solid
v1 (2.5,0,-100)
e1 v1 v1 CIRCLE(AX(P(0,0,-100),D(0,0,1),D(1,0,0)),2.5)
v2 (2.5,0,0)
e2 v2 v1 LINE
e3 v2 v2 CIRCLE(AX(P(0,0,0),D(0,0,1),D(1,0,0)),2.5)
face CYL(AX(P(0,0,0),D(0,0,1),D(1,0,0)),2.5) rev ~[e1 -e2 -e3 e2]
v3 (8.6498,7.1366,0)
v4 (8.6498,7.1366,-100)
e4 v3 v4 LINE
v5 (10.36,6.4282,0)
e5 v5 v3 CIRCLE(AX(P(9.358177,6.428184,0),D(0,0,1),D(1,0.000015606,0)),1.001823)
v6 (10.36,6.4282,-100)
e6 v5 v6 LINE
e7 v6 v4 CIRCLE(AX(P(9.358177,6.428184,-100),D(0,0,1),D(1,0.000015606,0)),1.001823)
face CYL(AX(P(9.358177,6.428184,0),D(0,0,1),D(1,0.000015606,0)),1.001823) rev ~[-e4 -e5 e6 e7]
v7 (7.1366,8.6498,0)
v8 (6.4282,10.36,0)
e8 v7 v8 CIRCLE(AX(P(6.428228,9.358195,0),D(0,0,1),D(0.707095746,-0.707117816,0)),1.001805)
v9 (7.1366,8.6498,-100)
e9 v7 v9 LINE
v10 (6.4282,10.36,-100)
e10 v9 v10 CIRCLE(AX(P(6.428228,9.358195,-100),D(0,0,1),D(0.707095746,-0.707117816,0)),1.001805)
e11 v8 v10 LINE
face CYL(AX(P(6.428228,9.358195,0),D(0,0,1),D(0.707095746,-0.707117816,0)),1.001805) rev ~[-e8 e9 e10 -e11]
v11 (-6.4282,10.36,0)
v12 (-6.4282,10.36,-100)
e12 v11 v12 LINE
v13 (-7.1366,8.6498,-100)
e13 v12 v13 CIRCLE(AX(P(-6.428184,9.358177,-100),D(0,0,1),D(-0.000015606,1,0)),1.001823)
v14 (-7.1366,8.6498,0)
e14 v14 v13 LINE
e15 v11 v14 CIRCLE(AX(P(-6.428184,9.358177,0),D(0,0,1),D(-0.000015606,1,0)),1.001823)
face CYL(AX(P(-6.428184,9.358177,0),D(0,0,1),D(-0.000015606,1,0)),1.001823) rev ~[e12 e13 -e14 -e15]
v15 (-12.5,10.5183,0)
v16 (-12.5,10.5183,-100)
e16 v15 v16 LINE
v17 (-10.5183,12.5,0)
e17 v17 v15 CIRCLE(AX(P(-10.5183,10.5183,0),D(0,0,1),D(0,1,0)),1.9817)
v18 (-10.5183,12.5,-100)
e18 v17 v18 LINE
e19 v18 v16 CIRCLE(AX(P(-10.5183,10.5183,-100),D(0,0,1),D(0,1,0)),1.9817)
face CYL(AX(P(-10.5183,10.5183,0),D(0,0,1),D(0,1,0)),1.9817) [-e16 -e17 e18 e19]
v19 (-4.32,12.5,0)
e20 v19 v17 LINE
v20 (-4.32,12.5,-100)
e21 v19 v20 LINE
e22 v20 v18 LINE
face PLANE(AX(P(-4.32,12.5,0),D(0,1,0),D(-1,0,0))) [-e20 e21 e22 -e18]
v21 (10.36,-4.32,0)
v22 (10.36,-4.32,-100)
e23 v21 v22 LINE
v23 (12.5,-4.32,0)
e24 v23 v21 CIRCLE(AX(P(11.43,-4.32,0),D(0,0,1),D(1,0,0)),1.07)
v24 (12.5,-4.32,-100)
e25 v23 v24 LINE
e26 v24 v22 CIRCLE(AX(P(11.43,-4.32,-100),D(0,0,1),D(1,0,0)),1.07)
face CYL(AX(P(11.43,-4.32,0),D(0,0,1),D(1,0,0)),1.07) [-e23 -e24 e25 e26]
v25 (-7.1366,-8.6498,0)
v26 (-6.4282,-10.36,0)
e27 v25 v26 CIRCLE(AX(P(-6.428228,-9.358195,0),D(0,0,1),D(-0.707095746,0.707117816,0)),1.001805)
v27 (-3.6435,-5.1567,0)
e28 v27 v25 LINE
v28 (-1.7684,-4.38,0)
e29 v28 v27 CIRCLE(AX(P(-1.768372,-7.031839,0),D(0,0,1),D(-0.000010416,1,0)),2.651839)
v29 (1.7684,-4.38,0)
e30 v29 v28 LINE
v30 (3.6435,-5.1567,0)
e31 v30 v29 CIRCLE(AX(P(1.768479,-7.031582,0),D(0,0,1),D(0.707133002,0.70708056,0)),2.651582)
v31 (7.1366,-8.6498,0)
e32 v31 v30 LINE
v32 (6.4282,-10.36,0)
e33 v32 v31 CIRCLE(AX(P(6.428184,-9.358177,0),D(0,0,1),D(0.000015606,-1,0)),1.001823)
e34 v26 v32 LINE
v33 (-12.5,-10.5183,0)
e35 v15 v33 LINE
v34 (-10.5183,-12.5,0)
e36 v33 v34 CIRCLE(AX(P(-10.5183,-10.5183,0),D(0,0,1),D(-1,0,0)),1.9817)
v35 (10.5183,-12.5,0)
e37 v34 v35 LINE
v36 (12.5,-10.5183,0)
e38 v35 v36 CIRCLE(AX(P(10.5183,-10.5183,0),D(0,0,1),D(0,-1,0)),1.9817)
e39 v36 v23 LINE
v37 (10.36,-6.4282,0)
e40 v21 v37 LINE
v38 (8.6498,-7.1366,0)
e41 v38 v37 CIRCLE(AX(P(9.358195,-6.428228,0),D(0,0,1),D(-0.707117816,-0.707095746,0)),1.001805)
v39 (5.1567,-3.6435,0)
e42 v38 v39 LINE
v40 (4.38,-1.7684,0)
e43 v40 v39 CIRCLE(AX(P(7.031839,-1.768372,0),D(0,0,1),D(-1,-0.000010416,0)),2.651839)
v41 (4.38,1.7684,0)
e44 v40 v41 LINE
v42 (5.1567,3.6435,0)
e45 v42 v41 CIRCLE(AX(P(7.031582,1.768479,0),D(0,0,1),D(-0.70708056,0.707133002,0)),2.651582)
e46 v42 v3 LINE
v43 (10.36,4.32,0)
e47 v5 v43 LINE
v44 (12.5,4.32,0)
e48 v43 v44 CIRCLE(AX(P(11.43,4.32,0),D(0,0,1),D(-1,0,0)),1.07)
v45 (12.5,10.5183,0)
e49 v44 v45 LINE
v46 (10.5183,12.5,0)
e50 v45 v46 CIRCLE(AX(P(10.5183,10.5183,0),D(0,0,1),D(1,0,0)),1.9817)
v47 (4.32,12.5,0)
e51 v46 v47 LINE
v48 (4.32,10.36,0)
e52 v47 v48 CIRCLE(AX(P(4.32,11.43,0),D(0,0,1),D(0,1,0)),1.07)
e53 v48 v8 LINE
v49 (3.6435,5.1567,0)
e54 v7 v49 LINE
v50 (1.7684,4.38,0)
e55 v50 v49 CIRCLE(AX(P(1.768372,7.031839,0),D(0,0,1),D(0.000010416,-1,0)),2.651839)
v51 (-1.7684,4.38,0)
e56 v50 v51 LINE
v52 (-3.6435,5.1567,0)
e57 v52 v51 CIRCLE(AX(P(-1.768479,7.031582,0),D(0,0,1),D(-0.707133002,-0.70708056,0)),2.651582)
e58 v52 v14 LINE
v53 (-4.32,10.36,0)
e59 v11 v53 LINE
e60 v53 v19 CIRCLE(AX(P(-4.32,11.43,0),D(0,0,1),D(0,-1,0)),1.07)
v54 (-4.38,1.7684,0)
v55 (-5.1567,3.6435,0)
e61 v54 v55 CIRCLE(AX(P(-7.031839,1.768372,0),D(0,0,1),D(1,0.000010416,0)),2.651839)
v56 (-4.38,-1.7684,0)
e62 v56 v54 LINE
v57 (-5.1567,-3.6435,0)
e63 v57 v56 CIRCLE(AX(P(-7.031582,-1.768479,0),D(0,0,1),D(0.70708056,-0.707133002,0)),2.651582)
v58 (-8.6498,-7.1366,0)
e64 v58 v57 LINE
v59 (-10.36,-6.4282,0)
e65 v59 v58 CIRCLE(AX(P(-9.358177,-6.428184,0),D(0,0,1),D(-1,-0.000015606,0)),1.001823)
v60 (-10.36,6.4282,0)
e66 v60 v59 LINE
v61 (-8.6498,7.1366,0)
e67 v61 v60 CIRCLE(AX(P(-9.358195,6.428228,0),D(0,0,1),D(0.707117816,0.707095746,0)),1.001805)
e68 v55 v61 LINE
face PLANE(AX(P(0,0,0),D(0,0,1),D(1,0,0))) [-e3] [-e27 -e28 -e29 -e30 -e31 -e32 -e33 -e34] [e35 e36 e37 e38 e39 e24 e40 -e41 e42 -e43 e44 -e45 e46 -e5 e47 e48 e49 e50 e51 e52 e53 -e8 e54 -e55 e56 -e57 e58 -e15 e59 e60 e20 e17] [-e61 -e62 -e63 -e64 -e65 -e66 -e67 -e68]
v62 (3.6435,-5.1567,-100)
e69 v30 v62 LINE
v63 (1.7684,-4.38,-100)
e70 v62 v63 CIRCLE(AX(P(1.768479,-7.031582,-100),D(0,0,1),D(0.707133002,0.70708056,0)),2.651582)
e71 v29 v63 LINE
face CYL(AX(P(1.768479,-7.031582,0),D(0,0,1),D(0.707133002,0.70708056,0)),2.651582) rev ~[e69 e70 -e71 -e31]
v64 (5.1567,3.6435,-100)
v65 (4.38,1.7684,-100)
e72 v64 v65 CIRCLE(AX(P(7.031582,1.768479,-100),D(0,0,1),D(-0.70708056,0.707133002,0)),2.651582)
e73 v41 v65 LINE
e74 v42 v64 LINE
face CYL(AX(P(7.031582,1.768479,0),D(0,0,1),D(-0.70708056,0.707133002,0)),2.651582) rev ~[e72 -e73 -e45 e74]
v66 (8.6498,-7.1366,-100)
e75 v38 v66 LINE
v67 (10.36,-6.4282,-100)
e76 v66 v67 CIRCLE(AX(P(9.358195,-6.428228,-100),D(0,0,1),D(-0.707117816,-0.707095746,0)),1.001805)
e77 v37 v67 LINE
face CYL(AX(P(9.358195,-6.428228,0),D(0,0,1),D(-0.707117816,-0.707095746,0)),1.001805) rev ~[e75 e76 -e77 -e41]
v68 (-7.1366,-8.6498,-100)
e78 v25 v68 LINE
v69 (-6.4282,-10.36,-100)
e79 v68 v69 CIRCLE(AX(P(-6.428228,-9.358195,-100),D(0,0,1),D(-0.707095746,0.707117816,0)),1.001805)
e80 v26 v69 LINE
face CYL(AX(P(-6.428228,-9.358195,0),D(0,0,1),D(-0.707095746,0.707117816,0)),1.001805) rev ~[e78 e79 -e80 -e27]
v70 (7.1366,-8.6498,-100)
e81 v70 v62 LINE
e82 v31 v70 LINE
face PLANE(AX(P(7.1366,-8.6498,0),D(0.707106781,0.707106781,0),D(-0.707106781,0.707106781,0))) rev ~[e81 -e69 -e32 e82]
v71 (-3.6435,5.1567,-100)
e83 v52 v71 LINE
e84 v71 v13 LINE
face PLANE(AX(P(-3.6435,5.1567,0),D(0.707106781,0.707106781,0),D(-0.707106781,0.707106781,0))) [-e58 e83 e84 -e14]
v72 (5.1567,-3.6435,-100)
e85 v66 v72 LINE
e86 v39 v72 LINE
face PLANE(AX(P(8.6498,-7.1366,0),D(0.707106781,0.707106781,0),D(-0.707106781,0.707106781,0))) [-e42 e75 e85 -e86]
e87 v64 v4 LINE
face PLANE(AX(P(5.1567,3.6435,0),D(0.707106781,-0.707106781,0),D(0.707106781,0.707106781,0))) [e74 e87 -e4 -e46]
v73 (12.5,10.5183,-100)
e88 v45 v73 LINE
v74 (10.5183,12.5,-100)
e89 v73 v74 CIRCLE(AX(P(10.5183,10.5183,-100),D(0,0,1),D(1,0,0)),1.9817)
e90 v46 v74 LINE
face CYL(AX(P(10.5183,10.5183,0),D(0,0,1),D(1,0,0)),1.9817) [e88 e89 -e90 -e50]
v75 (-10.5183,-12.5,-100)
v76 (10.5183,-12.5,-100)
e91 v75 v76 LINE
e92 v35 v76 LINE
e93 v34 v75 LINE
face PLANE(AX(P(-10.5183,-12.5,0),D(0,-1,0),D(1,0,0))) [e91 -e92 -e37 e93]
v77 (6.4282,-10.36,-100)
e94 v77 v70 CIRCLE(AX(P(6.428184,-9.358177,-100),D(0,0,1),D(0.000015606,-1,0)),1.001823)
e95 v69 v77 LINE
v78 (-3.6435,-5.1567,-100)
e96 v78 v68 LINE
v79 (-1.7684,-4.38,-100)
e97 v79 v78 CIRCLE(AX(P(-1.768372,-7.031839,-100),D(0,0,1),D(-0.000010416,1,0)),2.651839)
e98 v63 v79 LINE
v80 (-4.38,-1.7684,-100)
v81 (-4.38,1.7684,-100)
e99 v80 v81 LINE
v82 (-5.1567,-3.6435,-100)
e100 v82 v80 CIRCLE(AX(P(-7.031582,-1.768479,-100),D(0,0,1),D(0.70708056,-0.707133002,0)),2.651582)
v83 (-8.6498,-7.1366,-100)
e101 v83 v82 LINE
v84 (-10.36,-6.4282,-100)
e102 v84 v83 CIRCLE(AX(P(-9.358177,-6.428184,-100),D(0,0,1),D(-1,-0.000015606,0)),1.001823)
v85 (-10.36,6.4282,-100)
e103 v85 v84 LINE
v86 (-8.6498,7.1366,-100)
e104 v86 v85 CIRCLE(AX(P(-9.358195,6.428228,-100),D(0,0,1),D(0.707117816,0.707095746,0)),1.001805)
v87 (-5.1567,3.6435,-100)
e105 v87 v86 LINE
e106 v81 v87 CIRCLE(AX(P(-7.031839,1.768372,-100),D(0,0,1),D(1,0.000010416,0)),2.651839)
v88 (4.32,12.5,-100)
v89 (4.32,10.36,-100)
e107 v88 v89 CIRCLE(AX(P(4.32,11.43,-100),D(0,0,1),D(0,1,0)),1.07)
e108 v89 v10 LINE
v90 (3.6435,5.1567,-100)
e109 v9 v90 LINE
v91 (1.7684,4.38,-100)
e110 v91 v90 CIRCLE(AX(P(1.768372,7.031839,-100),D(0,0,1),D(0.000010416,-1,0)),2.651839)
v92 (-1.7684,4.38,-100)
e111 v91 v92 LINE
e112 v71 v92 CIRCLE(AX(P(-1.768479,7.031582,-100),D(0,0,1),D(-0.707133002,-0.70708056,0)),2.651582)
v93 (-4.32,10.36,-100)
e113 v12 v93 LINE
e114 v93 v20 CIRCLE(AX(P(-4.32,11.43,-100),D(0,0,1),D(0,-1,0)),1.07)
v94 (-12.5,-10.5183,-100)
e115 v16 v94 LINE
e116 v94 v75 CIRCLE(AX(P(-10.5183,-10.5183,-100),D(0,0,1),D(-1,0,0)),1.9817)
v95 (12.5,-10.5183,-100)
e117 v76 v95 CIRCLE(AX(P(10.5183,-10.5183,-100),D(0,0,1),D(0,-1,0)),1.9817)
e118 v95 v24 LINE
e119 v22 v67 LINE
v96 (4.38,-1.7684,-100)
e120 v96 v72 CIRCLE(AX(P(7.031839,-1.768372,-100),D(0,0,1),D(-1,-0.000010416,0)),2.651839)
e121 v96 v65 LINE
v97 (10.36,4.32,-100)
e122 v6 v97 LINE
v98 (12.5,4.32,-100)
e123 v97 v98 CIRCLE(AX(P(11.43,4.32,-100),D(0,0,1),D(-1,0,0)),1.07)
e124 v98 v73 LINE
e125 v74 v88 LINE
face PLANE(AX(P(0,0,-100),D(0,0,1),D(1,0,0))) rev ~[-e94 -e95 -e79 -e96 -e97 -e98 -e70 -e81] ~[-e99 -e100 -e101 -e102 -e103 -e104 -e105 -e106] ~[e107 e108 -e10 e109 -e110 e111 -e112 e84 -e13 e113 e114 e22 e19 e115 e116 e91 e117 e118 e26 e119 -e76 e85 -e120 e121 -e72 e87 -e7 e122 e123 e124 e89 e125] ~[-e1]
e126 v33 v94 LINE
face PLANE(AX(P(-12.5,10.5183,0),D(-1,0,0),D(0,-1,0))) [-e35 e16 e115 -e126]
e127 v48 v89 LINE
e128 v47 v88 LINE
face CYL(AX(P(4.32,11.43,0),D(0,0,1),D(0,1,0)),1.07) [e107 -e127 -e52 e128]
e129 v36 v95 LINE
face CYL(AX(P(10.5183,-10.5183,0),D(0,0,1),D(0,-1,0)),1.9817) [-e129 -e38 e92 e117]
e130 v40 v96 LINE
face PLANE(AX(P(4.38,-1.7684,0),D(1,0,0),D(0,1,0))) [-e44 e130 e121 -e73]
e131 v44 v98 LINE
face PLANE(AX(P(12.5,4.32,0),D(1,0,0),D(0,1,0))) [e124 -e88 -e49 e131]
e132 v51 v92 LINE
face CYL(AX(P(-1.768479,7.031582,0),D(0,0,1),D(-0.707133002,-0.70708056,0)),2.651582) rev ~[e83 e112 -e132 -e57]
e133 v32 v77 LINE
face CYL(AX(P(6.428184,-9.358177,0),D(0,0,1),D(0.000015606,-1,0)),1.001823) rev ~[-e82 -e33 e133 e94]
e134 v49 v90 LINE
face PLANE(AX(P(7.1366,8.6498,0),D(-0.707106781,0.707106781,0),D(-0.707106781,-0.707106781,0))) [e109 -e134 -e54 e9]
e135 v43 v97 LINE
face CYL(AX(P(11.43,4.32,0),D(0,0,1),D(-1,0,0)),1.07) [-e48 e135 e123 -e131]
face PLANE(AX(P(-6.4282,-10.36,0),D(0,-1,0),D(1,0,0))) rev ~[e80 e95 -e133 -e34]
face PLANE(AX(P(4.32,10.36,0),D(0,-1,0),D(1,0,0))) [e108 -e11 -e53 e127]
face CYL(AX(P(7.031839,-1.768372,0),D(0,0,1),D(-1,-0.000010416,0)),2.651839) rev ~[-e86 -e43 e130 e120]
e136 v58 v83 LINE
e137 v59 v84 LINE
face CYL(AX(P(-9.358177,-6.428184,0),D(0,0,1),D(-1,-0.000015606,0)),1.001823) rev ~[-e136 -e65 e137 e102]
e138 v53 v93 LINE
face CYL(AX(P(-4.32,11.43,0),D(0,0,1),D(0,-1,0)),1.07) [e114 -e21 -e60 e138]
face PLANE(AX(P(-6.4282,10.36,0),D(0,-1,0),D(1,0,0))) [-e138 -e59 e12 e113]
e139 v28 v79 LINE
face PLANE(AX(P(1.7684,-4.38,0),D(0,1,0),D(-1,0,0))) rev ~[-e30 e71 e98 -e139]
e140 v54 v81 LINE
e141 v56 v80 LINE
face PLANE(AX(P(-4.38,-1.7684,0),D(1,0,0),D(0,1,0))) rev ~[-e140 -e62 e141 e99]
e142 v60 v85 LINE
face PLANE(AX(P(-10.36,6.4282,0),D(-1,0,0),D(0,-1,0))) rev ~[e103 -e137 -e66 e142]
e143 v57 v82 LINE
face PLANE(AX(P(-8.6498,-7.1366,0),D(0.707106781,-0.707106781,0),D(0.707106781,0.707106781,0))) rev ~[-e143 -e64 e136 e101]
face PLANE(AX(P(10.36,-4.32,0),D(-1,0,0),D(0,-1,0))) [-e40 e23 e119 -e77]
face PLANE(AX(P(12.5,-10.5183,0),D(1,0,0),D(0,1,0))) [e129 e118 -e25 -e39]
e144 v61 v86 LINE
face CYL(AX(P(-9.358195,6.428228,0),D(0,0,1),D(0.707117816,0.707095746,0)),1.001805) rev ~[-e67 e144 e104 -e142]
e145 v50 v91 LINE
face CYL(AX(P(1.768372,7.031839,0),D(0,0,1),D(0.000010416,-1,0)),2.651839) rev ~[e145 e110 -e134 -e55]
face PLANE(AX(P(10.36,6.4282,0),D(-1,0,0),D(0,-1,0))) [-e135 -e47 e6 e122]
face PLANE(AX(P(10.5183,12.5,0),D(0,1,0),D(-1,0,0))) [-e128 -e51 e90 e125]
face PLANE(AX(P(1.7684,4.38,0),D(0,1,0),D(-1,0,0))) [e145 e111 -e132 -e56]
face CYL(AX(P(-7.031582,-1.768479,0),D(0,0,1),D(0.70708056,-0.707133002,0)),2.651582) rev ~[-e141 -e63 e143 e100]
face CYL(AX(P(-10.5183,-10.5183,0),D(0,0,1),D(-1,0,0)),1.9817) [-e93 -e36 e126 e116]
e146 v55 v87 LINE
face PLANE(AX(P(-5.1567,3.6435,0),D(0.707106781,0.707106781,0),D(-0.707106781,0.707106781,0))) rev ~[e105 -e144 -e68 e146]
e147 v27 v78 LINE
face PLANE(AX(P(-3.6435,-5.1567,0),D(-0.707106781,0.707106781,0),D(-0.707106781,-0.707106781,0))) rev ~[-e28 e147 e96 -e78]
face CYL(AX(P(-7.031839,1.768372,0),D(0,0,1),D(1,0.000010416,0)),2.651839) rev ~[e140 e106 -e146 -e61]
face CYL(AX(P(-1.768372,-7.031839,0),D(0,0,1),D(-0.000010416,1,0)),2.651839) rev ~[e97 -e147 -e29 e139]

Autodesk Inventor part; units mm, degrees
ref_plane "YZ Plane" through (0, 0, 0) normal (1, 0, 0) x (0, 1, 0)
ref_plane "XZ Plane" through (0, 0, 0) normal (0, 1, 0) x (-1, 0, 0)
ref_plane "XY Plane" through (0, 0, 0) normal (0, 0, 1) x (1, 0, 0)
sketch "Sketch1" plane through (0, 0, 0) normal (0, 0, 1) x (1, 0, 0)
  arc A0 (-10.36, -6.4282) -> (-8.6498, -7.1366) centre (-9.3582, -6.4282) ccw
  line L0 (-10.36, 6.4282) -> (-10.36, -6.4282)
  arc A1 (-8.6498, 7.1366) -> (-10.36, 6.4282) centre (-9.3582, 6.4282) ccw
  line L1 (-5.1567, 3.6435) -> (-8.6498, 7.1366)
  arc A2 (-4.38, 1.7684) -> (-5.1567, 3.6435) centre (-7.0317, 1.7684) ccw
  line L2 (-4.38, -1.7684) -> (-4.38, 1.7684)
  arc A3 (-5.1567, -3.6435) -> (-4.38, -1.7684) centre (-7.0317, -1.7684) ccw
  line L3 (-8.6498, -7.1366) -> (-5.1567, -3.6435)
  arc A4 (-1.7684, -4.38) -> (-3.6435, -5.1567) centre (-1.7684, -7.0317) ccw
  line L4 (1.7684, -4.38) -> (-1.7684, -4.38)
  arc A5 (3.6435, -5.1567) -> (1.7684, -4.38) centre (1.7684, -7.0317) ccw
  line L5 (7.1366, -8.6498) -> (3.6435, -5.1567)
  arc A6 (6.4282, -10.36) -> (7.1366, -8.6498) centre (6.4282, -9.3582) ccw
  line L6 (-6.4282, -10.36) -> (6.4282, -10.36)
  arc A7 (-7.1366, -8.6498) -> (-6.4282, -10.36) centre (-6.4282, -9.3582) ccw
  line L7 (-3.6435, -5.1567) -> (-7.1366, -8.6498)
  circle A8 centre (0, 0) radius 2.5
  arc A9 (-4.32, 10.36) -> (-4.32, 12.5) centre (-4.32, 11.43) ccw
  line L8 (-4.32, 12.5) -> (-10.5183, 12.5)
  arc A10 (-10.5183, 12.5) -> (-12.5, 10.5183) centre (-10.5183, 10.5183) ccw
  line L9 (-12.5, 10.5183) -> (-12.5, -10.5183)
  arc A11 (-12.5, -10.5183) -> (-10.5183, -12.5) centre (-10.5183, -10.5183) ccw
  line L10 (-10.5183, -12.5) -> (10.5183, -12.5)
  arc A12 (10.5183, -12.5) -> (12.5, -10.5183) centre (10.5183, -10.5183) ccw
  line L11 (12.5, -10.5183) -> (12.5, -4.32)
  arc A13 (12.5, -4.32) -> (10.36, -4.32) centre (11.43, -4.32) ccw
  line L12 (10.36, -4.32) -> (10.36, -6.4282)
  arc A14 (8.6498, -7.1366) -> (10.36, -6.4282) centre (9.3582, -6.4282) ccw
  line L13 (8.6498, -7.1366) -> (5.1567, -3.6435)
  arc A15 (4.38, -1.7684) -> (5.1567, -3.6435) centre (7.0317, -1.7684) ccw
  line L14 (4.38, -1.7684) -> (4.38, 1.7684)
  arc A16 (5.1567, 3.6435) -> (4.38, 1.7684) centre (7.0317, 1.7684) ccw
  line L15 (5.1567, 3.6435) -> (8.6498, 7.1366)
  arc A17 (10.36, 6.4282) -> (8.6498, 7.1366) centre (9.3582, 6.4282) ccw
  line L16 (10.36, 6.4282) -> (10.36, 4.32)
  arc A18 (10.36, 4.32) -> (12.5, 4.32) centre (11.43, 4.32) ccw
  line L17 (12.5, 4.32) -> (12.5, 10.5183)
  arc A19 (12.5, 10.5183) -> (10.5183, 12.5) centre (10.5183, 10.5183) ccw
  line L18 (10.5183, 12.5) -> (4.32, 12.5)
  arc A20 (4.32, 12.5) -> (4.32, 10.36) centre (4.32, 11.43) ccw
  line L19 (4.32, 10.36) -> (6.4282, 10.36)
  arc A21 (7.1366, 8.6498) -> (6.4282, 10.36) centre (6.4282, 9.3582) ccw
  line L20 (7.1366, 8.6498) -> (3.6435, 5.1567)
  arc A22 (1.7684, 4.38) -> (3.6435, 5.1567) centre (1.7684, 7.0317) ccw
  line L21 (1.7684, 4.38) -> (-1.7684, 4.38)
  arc A23 (-3.6435, 5.1567) -> (-1.7684, 4.38) centre (-1.7684, 7.0317) ccw
  line L22 (-3.6435, 5.1567) -> (-7.1366, 8.6498)
  arc A24 (-6.4282, 10.36) -> (-7.1366, 8.6498) centre (-6.4282, 9.3582) ccw
  line L23 (-6.4282, 10.36) -> (-4.32, 10.36)
extrude "Extrusion1" add sketch "Sketch1" against normal blind 100
properties part number "25-2502"
